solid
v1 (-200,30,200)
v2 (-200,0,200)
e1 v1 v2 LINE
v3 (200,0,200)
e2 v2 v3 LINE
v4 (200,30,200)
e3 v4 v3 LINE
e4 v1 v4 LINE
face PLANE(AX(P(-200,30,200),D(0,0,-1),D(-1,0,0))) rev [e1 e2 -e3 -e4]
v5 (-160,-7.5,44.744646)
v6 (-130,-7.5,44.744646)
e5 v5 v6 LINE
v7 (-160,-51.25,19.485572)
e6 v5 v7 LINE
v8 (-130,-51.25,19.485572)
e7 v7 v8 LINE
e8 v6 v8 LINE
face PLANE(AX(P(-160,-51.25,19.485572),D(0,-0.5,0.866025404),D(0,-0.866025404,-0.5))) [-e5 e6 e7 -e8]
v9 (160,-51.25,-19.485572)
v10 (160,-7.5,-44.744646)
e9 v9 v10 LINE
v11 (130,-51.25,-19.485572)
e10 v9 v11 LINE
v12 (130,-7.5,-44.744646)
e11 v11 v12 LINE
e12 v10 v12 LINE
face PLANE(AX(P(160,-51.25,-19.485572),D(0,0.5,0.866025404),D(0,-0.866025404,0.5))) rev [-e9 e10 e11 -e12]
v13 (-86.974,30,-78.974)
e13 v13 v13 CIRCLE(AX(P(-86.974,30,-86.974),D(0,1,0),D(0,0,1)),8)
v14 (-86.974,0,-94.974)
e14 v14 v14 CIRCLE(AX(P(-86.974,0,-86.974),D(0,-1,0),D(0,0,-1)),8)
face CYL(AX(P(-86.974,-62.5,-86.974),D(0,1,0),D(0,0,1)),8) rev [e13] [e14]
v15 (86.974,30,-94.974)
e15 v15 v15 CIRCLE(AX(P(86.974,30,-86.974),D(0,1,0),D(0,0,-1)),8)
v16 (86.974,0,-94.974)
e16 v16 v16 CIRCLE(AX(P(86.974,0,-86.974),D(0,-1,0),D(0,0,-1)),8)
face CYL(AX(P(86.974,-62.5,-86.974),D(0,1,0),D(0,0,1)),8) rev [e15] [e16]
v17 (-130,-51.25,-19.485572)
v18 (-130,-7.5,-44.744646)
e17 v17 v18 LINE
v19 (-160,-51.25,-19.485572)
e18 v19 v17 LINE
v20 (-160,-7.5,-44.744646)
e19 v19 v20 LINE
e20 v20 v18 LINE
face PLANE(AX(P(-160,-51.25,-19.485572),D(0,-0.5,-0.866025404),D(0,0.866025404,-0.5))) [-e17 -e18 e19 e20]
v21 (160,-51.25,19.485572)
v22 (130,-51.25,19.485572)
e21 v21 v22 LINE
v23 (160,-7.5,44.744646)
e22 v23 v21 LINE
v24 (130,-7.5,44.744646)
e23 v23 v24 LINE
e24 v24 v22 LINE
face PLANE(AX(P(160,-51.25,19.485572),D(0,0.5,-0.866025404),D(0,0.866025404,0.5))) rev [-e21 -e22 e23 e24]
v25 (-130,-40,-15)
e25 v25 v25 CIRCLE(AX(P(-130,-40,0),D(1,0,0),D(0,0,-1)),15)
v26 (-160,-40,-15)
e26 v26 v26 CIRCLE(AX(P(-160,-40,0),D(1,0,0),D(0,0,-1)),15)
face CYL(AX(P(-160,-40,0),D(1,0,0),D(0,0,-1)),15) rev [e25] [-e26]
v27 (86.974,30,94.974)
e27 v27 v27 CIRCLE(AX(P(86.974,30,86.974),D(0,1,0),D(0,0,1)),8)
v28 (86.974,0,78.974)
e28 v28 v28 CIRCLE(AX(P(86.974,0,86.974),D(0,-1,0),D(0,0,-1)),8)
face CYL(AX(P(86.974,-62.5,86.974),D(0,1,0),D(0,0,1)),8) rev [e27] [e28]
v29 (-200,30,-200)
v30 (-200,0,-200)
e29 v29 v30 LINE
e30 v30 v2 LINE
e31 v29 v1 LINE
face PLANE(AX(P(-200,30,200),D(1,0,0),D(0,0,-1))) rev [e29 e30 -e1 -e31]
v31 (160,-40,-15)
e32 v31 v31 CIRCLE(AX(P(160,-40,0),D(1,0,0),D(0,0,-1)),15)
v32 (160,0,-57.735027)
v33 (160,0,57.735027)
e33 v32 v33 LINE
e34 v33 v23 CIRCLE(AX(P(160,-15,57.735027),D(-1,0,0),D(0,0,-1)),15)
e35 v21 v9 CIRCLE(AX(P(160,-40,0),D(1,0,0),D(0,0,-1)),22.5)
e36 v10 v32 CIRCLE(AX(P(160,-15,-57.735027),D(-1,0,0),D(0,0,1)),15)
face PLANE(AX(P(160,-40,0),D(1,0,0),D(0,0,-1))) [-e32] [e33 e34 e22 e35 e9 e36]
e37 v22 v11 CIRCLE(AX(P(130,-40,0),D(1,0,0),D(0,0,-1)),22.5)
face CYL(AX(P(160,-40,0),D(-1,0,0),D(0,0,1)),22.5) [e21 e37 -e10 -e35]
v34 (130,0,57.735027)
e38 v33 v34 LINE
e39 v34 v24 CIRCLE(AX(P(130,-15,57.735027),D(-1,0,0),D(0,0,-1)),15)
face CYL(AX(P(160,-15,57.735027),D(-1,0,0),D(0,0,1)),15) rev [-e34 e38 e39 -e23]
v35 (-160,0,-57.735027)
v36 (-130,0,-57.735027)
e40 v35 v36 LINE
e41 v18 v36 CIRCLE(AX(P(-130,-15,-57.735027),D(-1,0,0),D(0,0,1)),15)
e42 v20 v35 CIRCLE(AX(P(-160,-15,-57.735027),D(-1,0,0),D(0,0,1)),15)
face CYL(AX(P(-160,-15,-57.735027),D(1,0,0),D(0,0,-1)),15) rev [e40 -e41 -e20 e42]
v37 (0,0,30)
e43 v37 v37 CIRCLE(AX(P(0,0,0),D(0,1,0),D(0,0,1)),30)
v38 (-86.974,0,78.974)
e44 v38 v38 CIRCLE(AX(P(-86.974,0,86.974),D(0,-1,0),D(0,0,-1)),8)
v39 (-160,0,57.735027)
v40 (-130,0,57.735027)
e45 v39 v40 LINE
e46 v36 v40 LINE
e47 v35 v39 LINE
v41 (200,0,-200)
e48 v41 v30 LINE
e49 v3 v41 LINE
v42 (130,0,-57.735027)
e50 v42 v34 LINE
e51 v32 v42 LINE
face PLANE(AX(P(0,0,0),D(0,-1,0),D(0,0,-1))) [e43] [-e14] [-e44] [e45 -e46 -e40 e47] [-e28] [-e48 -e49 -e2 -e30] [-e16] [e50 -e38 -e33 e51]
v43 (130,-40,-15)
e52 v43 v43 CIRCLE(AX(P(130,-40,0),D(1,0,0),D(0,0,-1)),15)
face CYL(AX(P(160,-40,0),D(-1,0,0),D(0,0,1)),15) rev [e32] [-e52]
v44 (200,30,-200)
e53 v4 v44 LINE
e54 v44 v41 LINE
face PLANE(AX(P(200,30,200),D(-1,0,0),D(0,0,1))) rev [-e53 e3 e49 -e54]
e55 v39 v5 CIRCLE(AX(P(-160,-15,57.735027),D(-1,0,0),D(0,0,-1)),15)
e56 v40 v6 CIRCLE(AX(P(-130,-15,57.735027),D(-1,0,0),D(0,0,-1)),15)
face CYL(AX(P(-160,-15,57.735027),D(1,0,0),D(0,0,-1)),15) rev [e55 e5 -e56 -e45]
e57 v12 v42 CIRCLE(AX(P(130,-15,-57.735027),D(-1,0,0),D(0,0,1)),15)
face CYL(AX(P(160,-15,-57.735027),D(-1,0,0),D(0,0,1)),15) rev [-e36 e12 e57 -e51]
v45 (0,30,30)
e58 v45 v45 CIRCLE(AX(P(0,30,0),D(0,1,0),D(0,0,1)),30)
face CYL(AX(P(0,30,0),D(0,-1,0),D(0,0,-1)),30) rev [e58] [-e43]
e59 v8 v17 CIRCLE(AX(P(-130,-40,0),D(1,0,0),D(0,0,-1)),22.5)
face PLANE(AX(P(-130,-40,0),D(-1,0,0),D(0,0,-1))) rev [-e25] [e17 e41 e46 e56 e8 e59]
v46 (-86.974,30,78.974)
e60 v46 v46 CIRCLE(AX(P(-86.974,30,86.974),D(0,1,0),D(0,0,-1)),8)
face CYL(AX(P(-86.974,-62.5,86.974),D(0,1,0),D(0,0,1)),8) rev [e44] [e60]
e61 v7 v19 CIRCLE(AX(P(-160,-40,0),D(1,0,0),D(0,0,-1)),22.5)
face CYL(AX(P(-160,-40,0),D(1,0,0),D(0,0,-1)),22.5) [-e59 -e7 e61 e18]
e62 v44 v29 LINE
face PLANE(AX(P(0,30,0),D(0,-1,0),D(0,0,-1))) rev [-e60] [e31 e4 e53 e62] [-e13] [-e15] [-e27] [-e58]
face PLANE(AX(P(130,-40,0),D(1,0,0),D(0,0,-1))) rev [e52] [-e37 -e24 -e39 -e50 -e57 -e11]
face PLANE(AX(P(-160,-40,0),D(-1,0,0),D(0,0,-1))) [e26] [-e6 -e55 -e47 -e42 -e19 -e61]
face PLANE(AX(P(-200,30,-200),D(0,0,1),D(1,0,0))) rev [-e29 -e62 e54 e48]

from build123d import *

# Parameters (mm, degrees)
ESBO_O1_W                = 400
ESBO_O1_H                = 400
ESBO_O1_R                = 30
RESSALTO_EXTRUS_O1_DEPTH = 30
RESSALTO_EXTRUS_O2_START = 130
ESBO_O2_R                = 15
RESSALTO_EXTRUS_O2_DEPTH = 30
ESBO_O3_R                = 8
CORTE_EXTRUS_O1_DEPTH    = 93.5


with BuildPart() as part:
    # Esboço1 → Ressalto-extrusão1 (new body)
    with BuildSketch(Plane(origin=(0, 0, 0), x_dir=(1, 0, 0), z_dir=(0, 1, 0))):
        Rectangle(ESBO_O1_W, ESBO_O1_H)
        Circle(ESBO_O1_R, mode=Mode.SUBTRACT)
    extrude(amount=RESSALTO_EXTRUS_O1_DEPTH)

    # Esboço2 → Ressalto-extrusão2 (add)
    with BuildSketch(Plane(origin=(0, 0, 0), x_dir=(0, 0, -1), z_dir=(1, 0, 0)).offset(RESSALTO_EXTRUS_O2_START)):
        with BuildLine():
            Line((-19.485571585, -51.25), (-44.744645862, -7.5))
            ThreePointArc((-44.744645862, -7.5), (-50.235026919, -2.009618943), (-57.735026919, 0))
            Line((-57.735026919, 0), (57.735026919, 0))
            ThreePointArc((57.735026919, 0), (50.235026919, -2.009618943), (44.744645862, -7.5))
            Line((44.744645862, -7.5), (19.485571585, -51.25))
            ThreePointArc((19.485571585, -51.25), (0, -62.5), (-19.485571585, -51.25))
        make_face()
        with Locations((0, -40)):
            Circle(ESBO_O2_R, mode=Mode.SUBTRACT)
    ressalto_extrus_o2 = extrude(amount=RESSALTO_EXTRUS_O2_DEPTH)

    # Espelhar1: Ressalto-extrusão2 across plane
    add(ressalto_extrus_o2.mirror(Plane(origin=(0, 0, 0), x_dir=(0, 0, 1), z_dir=(1, 0, 0))))

    # Esboço3 → Corte-extrusão1 (cut, through all)
    with BuildSketch(Plane(origin=(0, 30, 0), x_dir=(1, 0, 0), z_dir=(0, 1, 0))):
        with Locations((-86.974, 86.974)):
            Circle(ESBO_O3_R)
        with Locations((86.974, 86.974)):
            Circle(ESBO_O3_R)
        with Locations((86.974, -86.974)):
            Circle(ESBO_O3_R)
        with Locations((-86.974, -86.974)):
            Circle(ESBO_O3_R)
    extrude(amount=-CORTE_EXTRUS_O1_DEPTH, mode=Mode.SUBTRACT)


solid = part.part
